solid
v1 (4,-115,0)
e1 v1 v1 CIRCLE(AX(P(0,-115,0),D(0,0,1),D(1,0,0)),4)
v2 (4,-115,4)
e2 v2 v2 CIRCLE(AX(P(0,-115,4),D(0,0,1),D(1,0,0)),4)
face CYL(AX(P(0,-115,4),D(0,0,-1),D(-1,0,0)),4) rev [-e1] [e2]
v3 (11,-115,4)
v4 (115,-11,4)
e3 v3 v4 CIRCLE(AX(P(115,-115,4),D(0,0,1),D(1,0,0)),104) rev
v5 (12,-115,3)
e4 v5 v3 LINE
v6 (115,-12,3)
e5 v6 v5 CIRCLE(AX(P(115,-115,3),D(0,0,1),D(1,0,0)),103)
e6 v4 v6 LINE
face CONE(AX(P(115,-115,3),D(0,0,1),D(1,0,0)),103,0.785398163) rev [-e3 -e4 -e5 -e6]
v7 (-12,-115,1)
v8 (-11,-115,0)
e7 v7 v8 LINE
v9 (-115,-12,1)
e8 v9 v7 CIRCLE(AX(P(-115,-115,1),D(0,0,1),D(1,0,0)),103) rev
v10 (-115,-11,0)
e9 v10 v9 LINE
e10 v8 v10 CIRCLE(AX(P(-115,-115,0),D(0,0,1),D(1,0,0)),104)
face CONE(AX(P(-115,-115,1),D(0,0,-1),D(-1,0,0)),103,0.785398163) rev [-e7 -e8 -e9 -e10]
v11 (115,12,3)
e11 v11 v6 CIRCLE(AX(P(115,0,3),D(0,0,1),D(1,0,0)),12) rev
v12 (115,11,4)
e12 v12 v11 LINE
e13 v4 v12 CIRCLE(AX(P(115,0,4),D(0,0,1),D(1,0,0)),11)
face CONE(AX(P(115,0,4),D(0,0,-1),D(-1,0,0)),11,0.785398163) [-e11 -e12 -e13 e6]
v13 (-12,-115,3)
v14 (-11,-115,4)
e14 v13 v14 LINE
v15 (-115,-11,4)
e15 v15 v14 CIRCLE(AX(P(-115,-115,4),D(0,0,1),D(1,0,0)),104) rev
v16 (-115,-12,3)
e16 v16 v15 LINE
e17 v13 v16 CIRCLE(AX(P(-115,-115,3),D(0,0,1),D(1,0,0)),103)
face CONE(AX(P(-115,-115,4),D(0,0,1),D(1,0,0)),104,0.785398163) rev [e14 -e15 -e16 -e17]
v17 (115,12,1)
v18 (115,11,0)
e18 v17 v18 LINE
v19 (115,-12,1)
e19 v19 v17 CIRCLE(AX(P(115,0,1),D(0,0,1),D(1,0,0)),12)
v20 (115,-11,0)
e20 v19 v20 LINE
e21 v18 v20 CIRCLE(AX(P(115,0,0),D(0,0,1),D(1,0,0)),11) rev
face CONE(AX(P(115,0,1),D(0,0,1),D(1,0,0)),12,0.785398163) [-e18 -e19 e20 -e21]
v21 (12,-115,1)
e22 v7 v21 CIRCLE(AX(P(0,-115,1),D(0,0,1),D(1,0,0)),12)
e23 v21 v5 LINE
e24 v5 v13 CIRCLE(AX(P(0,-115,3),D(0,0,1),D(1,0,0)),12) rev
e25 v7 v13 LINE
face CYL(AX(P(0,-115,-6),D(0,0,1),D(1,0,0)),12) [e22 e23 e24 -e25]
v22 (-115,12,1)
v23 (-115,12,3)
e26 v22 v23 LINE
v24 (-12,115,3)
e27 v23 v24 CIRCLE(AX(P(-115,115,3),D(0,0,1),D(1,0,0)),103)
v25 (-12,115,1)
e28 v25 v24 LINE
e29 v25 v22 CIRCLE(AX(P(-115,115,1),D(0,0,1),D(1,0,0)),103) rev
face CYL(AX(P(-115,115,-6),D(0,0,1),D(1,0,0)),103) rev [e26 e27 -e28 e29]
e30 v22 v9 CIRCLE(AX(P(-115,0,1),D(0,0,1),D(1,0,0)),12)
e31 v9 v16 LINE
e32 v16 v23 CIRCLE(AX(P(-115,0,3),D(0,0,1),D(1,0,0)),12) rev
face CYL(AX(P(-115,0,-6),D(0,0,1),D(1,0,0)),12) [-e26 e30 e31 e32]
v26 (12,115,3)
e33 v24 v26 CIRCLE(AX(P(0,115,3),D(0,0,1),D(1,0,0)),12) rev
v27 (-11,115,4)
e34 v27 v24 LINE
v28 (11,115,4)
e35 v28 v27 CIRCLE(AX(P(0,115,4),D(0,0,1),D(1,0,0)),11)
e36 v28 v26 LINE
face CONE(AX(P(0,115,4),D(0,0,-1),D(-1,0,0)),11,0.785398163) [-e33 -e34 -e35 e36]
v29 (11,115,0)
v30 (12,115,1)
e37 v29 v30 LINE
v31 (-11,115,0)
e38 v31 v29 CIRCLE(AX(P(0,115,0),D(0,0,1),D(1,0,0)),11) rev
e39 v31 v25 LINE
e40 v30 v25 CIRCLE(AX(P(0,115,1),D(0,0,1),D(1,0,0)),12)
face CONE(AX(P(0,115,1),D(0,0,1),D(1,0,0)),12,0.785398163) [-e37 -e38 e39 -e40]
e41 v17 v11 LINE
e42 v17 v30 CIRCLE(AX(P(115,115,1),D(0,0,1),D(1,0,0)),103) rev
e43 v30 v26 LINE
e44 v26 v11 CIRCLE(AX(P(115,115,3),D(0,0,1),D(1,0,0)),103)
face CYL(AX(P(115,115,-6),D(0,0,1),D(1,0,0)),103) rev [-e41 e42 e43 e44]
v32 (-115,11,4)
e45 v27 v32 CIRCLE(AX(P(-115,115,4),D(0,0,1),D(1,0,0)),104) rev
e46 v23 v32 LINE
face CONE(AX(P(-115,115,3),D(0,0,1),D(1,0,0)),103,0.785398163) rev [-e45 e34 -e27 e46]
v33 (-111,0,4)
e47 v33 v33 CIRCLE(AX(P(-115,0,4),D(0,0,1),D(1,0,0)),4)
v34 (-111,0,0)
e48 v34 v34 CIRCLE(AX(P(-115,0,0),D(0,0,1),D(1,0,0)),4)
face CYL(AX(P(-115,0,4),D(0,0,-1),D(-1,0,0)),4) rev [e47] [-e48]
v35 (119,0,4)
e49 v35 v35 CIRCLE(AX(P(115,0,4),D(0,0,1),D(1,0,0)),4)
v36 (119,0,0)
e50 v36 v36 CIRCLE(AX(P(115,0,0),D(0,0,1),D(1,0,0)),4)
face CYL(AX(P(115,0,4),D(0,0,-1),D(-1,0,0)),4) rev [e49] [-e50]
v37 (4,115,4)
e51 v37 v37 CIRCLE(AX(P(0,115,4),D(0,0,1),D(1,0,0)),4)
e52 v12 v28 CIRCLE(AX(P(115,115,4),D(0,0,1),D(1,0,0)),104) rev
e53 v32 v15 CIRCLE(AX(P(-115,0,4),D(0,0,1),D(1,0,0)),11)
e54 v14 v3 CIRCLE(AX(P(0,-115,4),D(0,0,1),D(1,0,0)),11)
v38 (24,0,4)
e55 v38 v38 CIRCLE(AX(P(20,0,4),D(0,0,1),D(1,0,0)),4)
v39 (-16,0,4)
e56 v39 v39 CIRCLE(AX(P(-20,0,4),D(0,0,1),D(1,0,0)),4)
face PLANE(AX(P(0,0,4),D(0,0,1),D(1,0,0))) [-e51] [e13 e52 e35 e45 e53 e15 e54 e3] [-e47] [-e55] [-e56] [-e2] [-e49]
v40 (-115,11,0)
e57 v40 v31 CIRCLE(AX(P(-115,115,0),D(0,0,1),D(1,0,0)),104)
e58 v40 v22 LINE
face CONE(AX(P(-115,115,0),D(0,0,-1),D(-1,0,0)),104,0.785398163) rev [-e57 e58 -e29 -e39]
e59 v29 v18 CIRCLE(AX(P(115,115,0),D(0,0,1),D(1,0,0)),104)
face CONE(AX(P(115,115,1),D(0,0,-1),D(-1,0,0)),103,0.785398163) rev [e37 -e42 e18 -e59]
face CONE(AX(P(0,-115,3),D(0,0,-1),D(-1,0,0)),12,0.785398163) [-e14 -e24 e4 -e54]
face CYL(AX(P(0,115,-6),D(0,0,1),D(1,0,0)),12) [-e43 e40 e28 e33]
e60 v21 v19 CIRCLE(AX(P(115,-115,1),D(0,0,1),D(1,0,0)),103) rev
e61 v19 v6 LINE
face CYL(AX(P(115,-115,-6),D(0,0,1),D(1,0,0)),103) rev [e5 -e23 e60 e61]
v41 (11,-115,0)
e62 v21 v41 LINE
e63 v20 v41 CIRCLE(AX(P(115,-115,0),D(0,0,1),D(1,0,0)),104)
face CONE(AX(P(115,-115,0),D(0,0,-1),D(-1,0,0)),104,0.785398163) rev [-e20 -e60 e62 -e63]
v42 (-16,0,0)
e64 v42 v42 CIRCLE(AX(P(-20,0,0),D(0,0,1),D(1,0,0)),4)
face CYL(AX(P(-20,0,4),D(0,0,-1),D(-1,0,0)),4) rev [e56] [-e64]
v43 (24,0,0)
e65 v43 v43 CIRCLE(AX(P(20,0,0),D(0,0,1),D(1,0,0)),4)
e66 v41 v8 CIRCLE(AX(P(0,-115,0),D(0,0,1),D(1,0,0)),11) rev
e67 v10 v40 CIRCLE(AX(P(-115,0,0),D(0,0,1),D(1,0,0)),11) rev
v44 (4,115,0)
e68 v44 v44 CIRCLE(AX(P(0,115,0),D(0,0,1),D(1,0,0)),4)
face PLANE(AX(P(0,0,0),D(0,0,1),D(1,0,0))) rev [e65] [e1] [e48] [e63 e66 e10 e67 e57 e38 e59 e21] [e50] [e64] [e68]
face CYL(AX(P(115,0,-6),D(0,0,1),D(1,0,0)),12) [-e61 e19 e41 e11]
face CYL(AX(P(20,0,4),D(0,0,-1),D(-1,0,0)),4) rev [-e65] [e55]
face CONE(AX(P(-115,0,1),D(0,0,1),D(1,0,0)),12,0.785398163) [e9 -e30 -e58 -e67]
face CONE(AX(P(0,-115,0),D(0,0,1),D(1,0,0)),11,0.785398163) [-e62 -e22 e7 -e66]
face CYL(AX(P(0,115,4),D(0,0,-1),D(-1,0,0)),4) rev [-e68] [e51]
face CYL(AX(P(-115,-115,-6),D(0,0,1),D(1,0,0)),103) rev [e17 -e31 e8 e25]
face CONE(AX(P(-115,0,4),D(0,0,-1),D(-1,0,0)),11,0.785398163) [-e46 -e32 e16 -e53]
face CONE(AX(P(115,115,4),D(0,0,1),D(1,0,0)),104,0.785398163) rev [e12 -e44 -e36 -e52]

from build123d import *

# Parameters (mm, degrees)
IZIM1_R                     = 132.5
IZIM1_R_2                   = 4
Y_KSEKLIK_EKSTR_ZYON1_DEPTH = 4
SKETCH1_R                   = 147.896519427
CUT_EXTRUDE2_DEPTH          = 10
CHAMFER1_SIZE               = 1


with BuildPart() as part:
    # Çizim1 → Yükseklik-Ekstrüzyon1 (new body)
    with BuildSketch(Plane.XY):
        Circle(IZIM1_R)
        with Locations((0, 115)):
            Circle(IZIM1_R_2, mode=Mode.SUBTRACT)
        with Locations((115, 0)):
            Circle(IZIM1_R_2, mode=Mode.SUBTRACT)
        with Locations((0, -115)):
            Circle(IZIM1_R_2, mode=Mode.SUBTRACT)
        with Locations((-115, 0)):
            Circle(IZIM1_R_2, mode=Mode.SUBTRACT)
        with Locations((-20, 0)):
            Circle(IZIM1_R_2, mode=Mode.SUBTRACT)
        with Locations((20, 0)):
            Circle(IZIM1_R_2, mode=Mode.SUBTRACT)
    extrude(amount=Y_KSEKLIK_EKSTR_ZYON1_DEPTH)

    # Sketch1 → Cut-Extrude2 (cut)
    with BuildSketch(Plane.XY.offset(4)):
        Circle(SKETCH1_R)
        with BuildLine():
            ThreePointArc((12, 115), (0, 127), (-12, 115))
            ThreePointArc((-12, 115), (-42.168001538, 42.168001538), (-115, 12))
            ThreePointArc((-115, 12), (-127, 0), (-115, -12))
            ThreePointArc((-115, -12), (-42.168001538, -42.168001538), (-12, -115))
            ThreePointArc((-12, -115), (0, -127), (12, -115))
            ThreePointArc((12, -115), (42.168001538, -42.168001538), (115, -12))
            ThreePointArc((115, -12), (127, 0), (115, 12))
            ThreePointArc((115, 12), (42.168001538, 42.168001538), (12, 115))
        make_face(mode=Mode.SUBTRACT)
    extrude(amount=-CUT_EXTRUDE2_DEPTH, mode=Mode.SUBTRACT)

    # Chamfer1
    chamfer1_edges = [part.edges().sort_by_distance(p)[0] for p in [
        (127, 0, 0),
        (42.168001538, 42.168001538, 0),
        (0, 127, 0),
        (-42.168001538, 42.168001538, 0),
        (-127, 0, 0),
        (-42.168001538, -42.168001538, 0),
        (0, -127, 0),
        (42.168001538, -42.168001538, 0),
        (-42.168001538, -42.168001538, 4),
        (-127, 0, 4),
        (0, 127, 4),
        (42.168001538, 42.168001538, 4),
        (127, 0, 4),
        (42.168001538, -42.168001538, 4),
        (0, -127, 4),
        (-42.168001538, 42.168001538, 4),
    ]]
    chamfer(chamfer1_edges, length=CHAMFER1_SIZE)


solid = part.part
